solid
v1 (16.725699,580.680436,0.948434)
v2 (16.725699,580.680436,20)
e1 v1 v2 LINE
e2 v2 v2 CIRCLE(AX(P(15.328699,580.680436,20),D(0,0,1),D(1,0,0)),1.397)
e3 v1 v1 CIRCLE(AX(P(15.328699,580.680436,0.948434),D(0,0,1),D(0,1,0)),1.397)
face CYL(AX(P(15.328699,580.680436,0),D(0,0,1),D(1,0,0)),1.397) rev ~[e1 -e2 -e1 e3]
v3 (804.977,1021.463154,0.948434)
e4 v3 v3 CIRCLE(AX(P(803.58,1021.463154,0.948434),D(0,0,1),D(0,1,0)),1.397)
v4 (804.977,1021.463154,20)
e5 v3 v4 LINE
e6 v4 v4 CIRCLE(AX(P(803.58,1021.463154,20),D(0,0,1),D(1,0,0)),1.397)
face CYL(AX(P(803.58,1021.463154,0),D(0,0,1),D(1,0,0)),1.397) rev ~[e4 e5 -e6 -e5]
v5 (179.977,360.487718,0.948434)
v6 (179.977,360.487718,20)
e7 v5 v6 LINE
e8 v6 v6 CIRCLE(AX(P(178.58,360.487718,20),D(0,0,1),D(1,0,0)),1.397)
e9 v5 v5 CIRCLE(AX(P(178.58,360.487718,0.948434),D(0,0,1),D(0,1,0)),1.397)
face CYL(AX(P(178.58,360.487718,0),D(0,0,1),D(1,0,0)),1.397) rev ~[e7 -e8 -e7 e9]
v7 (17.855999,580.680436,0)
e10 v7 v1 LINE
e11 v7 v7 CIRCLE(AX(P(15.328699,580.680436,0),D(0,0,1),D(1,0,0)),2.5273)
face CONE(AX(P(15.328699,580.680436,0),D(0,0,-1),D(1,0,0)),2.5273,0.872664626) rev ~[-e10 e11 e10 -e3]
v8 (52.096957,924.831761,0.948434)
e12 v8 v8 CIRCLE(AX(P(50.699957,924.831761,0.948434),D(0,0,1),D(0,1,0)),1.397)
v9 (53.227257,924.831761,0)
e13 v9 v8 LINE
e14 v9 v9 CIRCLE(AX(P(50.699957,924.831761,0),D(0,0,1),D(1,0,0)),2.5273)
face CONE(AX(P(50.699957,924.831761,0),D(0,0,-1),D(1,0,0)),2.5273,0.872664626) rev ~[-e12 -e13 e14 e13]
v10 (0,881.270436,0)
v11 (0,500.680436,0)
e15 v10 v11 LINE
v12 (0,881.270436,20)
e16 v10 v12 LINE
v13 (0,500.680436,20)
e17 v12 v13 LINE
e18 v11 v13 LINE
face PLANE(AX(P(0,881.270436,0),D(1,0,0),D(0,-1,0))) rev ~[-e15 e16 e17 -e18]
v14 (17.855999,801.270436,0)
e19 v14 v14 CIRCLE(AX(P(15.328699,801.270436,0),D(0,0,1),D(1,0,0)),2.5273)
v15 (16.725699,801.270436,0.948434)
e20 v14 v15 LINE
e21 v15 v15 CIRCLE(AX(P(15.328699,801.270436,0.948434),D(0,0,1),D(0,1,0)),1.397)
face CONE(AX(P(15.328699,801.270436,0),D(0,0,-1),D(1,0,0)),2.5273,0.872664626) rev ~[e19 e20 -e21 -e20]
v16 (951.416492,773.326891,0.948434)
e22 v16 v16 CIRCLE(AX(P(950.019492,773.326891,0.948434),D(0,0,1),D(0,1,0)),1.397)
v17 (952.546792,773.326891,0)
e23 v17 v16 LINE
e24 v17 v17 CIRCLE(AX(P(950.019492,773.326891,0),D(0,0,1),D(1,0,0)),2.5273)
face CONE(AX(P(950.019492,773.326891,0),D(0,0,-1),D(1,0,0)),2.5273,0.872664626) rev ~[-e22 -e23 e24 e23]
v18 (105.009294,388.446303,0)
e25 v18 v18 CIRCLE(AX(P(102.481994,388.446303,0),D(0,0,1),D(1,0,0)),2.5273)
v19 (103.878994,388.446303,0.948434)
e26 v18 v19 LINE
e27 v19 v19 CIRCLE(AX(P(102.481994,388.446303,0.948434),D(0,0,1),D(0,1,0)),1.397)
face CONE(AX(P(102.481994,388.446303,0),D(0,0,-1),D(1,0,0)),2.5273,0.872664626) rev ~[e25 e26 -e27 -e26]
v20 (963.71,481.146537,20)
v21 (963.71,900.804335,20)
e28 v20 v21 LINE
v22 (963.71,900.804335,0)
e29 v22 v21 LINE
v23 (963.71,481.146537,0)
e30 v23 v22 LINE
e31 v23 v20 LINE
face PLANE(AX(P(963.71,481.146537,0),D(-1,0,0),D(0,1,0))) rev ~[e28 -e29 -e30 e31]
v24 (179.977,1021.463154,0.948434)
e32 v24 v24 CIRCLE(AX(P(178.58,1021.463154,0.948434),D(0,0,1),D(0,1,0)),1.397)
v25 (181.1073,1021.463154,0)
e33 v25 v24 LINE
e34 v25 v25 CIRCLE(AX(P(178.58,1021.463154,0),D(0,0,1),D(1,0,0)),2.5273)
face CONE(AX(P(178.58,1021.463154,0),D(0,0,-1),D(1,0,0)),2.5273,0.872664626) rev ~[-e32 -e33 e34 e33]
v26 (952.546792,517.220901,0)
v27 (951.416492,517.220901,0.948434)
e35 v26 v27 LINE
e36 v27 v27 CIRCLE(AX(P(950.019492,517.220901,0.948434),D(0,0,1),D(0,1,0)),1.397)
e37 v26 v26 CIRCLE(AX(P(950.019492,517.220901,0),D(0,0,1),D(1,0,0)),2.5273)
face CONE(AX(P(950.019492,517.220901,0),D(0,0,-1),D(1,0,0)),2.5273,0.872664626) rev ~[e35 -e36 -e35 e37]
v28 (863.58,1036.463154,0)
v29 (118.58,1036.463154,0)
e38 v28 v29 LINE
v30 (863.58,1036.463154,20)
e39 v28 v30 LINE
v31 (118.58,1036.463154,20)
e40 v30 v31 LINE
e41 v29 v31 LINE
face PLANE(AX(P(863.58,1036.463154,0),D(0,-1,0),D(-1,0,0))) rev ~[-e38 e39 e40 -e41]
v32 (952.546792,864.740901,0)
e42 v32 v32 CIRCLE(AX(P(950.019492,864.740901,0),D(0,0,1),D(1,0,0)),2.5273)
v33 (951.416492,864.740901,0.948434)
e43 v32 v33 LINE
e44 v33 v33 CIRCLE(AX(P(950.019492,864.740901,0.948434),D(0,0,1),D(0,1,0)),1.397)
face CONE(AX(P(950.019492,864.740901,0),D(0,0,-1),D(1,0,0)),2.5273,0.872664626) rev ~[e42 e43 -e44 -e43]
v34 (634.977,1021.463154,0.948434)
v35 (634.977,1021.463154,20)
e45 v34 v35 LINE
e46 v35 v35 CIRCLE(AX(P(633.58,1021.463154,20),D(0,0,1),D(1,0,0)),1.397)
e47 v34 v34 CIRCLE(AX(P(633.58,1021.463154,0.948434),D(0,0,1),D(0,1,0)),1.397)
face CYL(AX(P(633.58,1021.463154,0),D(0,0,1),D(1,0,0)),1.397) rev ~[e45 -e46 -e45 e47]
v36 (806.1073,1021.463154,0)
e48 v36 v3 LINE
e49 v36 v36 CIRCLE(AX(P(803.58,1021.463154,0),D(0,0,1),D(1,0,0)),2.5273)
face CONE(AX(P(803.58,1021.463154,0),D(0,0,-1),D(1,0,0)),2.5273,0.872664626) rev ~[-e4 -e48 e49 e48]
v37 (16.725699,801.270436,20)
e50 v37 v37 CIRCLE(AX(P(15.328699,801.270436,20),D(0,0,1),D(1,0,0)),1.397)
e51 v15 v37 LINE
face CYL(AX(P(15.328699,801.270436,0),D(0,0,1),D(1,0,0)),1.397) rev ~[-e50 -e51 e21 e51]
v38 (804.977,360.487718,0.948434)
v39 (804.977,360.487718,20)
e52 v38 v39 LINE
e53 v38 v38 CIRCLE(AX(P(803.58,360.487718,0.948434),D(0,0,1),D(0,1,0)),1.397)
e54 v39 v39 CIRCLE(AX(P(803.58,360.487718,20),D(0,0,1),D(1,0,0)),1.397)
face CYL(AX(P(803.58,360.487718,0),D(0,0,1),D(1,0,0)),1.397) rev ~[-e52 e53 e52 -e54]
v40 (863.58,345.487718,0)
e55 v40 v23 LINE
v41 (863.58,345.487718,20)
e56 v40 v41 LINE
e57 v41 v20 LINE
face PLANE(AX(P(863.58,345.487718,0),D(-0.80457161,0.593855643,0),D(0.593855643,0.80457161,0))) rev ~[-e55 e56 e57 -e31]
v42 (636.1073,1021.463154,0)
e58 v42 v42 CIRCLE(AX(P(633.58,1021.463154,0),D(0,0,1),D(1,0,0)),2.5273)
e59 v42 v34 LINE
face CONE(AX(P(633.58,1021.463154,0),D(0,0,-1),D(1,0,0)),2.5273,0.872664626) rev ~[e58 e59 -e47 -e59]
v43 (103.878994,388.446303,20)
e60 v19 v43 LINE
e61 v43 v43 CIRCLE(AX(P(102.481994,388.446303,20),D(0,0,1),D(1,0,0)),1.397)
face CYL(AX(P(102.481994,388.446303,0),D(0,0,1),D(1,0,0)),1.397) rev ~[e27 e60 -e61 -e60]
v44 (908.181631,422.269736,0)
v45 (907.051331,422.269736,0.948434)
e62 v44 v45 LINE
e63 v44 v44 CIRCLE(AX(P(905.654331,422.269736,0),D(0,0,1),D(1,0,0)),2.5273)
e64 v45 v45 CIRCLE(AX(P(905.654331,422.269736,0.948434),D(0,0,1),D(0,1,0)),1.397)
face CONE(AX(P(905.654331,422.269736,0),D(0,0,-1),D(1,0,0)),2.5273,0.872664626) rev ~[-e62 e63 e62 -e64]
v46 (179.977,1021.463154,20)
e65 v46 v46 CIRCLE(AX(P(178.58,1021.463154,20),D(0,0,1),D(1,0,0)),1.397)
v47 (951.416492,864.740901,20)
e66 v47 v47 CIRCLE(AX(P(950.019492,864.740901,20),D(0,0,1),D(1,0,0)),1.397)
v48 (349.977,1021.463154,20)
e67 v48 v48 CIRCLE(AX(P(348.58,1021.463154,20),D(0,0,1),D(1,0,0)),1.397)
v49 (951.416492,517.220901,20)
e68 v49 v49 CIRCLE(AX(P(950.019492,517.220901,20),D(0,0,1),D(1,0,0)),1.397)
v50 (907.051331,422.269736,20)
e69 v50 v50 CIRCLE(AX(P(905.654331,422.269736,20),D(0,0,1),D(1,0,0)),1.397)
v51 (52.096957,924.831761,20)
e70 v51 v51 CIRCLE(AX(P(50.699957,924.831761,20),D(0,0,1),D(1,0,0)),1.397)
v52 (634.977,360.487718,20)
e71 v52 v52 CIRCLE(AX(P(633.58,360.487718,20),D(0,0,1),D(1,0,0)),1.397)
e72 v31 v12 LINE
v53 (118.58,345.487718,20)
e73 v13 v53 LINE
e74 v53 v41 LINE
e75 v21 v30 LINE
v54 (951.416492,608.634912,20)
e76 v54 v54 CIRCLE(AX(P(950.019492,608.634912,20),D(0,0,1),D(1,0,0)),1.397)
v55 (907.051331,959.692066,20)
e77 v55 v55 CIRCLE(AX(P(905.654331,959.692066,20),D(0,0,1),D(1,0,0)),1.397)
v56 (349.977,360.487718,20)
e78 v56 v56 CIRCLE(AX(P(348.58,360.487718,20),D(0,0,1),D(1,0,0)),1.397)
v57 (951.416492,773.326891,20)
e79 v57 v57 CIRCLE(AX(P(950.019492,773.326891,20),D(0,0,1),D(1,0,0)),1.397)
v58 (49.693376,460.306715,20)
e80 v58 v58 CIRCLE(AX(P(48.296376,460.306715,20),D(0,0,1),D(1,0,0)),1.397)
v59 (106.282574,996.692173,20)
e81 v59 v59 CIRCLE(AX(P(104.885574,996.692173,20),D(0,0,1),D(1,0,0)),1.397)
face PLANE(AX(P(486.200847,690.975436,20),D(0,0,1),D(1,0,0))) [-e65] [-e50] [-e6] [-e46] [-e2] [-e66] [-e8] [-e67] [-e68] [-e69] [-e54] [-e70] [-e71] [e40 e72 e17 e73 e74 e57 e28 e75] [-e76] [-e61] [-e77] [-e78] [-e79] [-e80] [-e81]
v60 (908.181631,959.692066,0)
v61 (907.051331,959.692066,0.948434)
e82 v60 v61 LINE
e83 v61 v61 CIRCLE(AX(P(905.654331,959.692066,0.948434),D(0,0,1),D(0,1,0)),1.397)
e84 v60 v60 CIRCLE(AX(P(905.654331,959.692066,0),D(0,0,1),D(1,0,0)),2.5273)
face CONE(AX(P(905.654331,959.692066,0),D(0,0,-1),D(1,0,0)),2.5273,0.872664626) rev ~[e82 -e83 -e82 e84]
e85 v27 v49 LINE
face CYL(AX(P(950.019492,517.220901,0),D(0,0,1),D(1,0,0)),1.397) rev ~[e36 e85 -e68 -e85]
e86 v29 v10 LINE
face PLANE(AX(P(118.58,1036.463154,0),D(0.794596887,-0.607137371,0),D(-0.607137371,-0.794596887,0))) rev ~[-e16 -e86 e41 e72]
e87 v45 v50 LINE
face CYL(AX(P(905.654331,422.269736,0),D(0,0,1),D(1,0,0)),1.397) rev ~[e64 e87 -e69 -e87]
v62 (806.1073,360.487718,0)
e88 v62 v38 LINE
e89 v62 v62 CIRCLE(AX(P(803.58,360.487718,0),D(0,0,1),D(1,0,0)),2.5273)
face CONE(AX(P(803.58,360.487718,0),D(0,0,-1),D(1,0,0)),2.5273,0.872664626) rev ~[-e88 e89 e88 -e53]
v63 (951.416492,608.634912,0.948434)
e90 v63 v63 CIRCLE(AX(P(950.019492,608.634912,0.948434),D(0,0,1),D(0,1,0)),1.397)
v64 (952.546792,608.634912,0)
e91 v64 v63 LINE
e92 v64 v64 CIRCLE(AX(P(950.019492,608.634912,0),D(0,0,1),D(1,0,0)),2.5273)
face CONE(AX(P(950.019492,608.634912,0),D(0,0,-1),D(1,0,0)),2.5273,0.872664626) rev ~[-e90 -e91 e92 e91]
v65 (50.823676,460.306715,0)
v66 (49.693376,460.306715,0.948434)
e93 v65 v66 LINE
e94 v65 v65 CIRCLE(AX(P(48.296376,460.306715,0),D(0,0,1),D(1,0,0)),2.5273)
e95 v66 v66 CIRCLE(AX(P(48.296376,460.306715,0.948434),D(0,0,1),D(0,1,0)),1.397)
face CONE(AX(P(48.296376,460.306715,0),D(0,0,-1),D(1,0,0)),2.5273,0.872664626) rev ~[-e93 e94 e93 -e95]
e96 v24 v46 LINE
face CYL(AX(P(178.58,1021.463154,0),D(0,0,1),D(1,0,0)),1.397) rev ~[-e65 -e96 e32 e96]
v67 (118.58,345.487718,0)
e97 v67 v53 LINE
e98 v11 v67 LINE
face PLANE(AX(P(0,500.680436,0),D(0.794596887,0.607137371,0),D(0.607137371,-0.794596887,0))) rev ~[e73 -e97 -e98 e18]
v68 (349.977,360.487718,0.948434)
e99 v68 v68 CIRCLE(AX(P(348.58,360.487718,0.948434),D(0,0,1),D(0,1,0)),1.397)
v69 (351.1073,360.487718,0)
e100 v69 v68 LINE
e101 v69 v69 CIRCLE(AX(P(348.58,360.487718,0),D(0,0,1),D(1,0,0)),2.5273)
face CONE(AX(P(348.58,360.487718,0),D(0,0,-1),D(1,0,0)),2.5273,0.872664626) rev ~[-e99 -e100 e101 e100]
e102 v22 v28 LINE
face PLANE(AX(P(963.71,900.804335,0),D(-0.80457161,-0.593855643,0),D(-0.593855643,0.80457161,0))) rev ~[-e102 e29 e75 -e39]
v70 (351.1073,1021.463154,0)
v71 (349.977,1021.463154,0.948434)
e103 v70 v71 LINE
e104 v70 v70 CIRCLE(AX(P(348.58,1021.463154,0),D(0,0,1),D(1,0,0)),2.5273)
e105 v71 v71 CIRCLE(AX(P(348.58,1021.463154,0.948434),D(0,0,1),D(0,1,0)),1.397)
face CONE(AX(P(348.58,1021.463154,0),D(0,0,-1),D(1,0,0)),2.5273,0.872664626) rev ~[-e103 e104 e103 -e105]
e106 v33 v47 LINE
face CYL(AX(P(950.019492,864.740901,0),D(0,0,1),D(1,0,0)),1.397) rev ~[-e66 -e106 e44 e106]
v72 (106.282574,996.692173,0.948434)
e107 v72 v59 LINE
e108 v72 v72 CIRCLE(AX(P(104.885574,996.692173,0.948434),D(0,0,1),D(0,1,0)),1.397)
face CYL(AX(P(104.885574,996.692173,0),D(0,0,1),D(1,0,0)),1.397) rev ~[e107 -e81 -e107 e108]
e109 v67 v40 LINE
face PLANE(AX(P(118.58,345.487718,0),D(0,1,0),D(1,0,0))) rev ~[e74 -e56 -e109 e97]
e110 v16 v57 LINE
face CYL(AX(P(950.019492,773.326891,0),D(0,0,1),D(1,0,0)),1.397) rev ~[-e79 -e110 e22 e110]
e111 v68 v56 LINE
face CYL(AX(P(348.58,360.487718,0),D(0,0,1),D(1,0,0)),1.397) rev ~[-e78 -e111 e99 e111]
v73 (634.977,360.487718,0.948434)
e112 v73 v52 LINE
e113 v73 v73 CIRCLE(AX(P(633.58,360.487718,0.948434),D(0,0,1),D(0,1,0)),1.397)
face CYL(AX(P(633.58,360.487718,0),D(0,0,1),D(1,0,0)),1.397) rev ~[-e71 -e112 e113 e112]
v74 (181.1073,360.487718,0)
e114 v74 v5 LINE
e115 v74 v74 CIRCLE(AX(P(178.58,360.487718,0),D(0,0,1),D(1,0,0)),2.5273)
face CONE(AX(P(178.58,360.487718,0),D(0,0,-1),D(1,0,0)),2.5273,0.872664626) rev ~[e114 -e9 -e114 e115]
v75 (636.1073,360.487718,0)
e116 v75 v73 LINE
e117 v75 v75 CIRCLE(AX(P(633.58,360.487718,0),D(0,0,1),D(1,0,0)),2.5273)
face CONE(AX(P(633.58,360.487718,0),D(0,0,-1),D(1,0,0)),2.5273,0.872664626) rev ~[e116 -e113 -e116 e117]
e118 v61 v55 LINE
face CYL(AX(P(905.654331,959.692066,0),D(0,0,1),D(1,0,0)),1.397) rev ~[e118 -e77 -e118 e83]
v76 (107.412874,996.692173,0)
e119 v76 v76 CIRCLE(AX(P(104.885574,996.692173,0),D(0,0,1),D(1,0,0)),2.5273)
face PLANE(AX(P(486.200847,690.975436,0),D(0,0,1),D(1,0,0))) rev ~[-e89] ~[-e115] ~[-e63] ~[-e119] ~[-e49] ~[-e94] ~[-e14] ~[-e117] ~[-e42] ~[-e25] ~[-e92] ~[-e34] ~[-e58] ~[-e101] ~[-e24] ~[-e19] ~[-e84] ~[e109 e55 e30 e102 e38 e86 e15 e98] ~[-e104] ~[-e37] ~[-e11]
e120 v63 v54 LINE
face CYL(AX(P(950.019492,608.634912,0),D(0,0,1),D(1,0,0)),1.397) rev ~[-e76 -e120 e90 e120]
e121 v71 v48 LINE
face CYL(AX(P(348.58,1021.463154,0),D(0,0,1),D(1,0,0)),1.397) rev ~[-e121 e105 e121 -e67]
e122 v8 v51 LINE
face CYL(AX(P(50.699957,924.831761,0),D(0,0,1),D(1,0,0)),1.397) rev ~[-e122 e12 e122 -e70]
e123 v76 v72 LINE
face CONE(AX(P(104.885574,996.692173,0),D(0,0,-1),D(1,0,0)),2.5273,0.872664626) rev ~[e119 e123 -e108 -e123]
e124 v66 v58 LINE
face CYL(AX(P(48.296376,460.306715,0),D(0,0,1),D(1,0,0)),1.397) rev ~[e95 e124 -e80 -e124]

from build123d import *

# Parameters (mm, degrees)
BOSS_EXTRUDE2_DEPTH                               = 20
CSK_FOR_3_FLAT_HEAD_MACHINE_SCREW_100_D           = 2.794
CSK_FOR_3_FLAT_HEAD_MACHINE_SCREW_100_DEPTH       = 20
CSK_FOR_3_FLAT_HEAD_MACHINE_SCREW_100_CSINK_D     = 5.0546
CSK_FOR_3_FLAT_HEAD_MACHINE_SCREW_100_CSINK_ANGLE = 100


with BuildPart() as part:
    # Sketch1 → Boss-Extrude2 (new body)
    with BuildSketch(Plane.XY):
        Polygon((0, 500.68043587), (118.58, 345.487717935), (863.58, 345.487717935), (963.71, 481.146537036), (963.71, 900.804334703), (863.58, 1036.463153804), (118.58, 1036.463153804), (0, 881.27043587), align=None)
    extrude(amount=BOSS_EXTRUDE2_DEPTH)

    # CSK for #3 Flat Head Machine Screw (100)2
    with Locations(Plane(origin=(0, 0, 0), x_dir=(-1, 0, 0), z_dir=(0, 0, -1))):
        with Locations((-950.019491684, 864.74090145), (-950.019491684, 773.32689058), (-950.019491684, 608.634912319), (-950.019491684, 517.22090145), (-905.654330921, 422.269736472), (-803.58, 360.487717935), (-633.58, 360.487717935), (-348.58, 360.487717935), (-178.58, 360.487717935), (-102.481993543, 388.446303105), (-48.296375955, 460.30671534), (-15.328698966, 580.68043587), (-15.328698966, 801.27043587), (-50.699956706, 924.831760626), (-104.885574294, 996.692172861), (-178.58, 1021.463153804), (-348.58, 1021.463153804), (-633.58, 1021.463153804), (-803.58, 1021.463153804), (-905.654330921, 959.692066427)):
            CounterSinkHole(CSK_FOR_3_FLAT_HEAD_MACHINE_SCREW_100_D / 2, CSK_FOR_3_FLAT_HEAD_MACHINE_SCREW_100_CSINK_D / 2, depth=CSK_FOR_3_FLAT_HEAD_MACHINE_SCREW_100_DEPTH, counter_sink_angle=CSK_FOR_3_FLAT_HEAD_MACHINE_SCREW_100_CSINK_ANGLE)


solid = part.part
